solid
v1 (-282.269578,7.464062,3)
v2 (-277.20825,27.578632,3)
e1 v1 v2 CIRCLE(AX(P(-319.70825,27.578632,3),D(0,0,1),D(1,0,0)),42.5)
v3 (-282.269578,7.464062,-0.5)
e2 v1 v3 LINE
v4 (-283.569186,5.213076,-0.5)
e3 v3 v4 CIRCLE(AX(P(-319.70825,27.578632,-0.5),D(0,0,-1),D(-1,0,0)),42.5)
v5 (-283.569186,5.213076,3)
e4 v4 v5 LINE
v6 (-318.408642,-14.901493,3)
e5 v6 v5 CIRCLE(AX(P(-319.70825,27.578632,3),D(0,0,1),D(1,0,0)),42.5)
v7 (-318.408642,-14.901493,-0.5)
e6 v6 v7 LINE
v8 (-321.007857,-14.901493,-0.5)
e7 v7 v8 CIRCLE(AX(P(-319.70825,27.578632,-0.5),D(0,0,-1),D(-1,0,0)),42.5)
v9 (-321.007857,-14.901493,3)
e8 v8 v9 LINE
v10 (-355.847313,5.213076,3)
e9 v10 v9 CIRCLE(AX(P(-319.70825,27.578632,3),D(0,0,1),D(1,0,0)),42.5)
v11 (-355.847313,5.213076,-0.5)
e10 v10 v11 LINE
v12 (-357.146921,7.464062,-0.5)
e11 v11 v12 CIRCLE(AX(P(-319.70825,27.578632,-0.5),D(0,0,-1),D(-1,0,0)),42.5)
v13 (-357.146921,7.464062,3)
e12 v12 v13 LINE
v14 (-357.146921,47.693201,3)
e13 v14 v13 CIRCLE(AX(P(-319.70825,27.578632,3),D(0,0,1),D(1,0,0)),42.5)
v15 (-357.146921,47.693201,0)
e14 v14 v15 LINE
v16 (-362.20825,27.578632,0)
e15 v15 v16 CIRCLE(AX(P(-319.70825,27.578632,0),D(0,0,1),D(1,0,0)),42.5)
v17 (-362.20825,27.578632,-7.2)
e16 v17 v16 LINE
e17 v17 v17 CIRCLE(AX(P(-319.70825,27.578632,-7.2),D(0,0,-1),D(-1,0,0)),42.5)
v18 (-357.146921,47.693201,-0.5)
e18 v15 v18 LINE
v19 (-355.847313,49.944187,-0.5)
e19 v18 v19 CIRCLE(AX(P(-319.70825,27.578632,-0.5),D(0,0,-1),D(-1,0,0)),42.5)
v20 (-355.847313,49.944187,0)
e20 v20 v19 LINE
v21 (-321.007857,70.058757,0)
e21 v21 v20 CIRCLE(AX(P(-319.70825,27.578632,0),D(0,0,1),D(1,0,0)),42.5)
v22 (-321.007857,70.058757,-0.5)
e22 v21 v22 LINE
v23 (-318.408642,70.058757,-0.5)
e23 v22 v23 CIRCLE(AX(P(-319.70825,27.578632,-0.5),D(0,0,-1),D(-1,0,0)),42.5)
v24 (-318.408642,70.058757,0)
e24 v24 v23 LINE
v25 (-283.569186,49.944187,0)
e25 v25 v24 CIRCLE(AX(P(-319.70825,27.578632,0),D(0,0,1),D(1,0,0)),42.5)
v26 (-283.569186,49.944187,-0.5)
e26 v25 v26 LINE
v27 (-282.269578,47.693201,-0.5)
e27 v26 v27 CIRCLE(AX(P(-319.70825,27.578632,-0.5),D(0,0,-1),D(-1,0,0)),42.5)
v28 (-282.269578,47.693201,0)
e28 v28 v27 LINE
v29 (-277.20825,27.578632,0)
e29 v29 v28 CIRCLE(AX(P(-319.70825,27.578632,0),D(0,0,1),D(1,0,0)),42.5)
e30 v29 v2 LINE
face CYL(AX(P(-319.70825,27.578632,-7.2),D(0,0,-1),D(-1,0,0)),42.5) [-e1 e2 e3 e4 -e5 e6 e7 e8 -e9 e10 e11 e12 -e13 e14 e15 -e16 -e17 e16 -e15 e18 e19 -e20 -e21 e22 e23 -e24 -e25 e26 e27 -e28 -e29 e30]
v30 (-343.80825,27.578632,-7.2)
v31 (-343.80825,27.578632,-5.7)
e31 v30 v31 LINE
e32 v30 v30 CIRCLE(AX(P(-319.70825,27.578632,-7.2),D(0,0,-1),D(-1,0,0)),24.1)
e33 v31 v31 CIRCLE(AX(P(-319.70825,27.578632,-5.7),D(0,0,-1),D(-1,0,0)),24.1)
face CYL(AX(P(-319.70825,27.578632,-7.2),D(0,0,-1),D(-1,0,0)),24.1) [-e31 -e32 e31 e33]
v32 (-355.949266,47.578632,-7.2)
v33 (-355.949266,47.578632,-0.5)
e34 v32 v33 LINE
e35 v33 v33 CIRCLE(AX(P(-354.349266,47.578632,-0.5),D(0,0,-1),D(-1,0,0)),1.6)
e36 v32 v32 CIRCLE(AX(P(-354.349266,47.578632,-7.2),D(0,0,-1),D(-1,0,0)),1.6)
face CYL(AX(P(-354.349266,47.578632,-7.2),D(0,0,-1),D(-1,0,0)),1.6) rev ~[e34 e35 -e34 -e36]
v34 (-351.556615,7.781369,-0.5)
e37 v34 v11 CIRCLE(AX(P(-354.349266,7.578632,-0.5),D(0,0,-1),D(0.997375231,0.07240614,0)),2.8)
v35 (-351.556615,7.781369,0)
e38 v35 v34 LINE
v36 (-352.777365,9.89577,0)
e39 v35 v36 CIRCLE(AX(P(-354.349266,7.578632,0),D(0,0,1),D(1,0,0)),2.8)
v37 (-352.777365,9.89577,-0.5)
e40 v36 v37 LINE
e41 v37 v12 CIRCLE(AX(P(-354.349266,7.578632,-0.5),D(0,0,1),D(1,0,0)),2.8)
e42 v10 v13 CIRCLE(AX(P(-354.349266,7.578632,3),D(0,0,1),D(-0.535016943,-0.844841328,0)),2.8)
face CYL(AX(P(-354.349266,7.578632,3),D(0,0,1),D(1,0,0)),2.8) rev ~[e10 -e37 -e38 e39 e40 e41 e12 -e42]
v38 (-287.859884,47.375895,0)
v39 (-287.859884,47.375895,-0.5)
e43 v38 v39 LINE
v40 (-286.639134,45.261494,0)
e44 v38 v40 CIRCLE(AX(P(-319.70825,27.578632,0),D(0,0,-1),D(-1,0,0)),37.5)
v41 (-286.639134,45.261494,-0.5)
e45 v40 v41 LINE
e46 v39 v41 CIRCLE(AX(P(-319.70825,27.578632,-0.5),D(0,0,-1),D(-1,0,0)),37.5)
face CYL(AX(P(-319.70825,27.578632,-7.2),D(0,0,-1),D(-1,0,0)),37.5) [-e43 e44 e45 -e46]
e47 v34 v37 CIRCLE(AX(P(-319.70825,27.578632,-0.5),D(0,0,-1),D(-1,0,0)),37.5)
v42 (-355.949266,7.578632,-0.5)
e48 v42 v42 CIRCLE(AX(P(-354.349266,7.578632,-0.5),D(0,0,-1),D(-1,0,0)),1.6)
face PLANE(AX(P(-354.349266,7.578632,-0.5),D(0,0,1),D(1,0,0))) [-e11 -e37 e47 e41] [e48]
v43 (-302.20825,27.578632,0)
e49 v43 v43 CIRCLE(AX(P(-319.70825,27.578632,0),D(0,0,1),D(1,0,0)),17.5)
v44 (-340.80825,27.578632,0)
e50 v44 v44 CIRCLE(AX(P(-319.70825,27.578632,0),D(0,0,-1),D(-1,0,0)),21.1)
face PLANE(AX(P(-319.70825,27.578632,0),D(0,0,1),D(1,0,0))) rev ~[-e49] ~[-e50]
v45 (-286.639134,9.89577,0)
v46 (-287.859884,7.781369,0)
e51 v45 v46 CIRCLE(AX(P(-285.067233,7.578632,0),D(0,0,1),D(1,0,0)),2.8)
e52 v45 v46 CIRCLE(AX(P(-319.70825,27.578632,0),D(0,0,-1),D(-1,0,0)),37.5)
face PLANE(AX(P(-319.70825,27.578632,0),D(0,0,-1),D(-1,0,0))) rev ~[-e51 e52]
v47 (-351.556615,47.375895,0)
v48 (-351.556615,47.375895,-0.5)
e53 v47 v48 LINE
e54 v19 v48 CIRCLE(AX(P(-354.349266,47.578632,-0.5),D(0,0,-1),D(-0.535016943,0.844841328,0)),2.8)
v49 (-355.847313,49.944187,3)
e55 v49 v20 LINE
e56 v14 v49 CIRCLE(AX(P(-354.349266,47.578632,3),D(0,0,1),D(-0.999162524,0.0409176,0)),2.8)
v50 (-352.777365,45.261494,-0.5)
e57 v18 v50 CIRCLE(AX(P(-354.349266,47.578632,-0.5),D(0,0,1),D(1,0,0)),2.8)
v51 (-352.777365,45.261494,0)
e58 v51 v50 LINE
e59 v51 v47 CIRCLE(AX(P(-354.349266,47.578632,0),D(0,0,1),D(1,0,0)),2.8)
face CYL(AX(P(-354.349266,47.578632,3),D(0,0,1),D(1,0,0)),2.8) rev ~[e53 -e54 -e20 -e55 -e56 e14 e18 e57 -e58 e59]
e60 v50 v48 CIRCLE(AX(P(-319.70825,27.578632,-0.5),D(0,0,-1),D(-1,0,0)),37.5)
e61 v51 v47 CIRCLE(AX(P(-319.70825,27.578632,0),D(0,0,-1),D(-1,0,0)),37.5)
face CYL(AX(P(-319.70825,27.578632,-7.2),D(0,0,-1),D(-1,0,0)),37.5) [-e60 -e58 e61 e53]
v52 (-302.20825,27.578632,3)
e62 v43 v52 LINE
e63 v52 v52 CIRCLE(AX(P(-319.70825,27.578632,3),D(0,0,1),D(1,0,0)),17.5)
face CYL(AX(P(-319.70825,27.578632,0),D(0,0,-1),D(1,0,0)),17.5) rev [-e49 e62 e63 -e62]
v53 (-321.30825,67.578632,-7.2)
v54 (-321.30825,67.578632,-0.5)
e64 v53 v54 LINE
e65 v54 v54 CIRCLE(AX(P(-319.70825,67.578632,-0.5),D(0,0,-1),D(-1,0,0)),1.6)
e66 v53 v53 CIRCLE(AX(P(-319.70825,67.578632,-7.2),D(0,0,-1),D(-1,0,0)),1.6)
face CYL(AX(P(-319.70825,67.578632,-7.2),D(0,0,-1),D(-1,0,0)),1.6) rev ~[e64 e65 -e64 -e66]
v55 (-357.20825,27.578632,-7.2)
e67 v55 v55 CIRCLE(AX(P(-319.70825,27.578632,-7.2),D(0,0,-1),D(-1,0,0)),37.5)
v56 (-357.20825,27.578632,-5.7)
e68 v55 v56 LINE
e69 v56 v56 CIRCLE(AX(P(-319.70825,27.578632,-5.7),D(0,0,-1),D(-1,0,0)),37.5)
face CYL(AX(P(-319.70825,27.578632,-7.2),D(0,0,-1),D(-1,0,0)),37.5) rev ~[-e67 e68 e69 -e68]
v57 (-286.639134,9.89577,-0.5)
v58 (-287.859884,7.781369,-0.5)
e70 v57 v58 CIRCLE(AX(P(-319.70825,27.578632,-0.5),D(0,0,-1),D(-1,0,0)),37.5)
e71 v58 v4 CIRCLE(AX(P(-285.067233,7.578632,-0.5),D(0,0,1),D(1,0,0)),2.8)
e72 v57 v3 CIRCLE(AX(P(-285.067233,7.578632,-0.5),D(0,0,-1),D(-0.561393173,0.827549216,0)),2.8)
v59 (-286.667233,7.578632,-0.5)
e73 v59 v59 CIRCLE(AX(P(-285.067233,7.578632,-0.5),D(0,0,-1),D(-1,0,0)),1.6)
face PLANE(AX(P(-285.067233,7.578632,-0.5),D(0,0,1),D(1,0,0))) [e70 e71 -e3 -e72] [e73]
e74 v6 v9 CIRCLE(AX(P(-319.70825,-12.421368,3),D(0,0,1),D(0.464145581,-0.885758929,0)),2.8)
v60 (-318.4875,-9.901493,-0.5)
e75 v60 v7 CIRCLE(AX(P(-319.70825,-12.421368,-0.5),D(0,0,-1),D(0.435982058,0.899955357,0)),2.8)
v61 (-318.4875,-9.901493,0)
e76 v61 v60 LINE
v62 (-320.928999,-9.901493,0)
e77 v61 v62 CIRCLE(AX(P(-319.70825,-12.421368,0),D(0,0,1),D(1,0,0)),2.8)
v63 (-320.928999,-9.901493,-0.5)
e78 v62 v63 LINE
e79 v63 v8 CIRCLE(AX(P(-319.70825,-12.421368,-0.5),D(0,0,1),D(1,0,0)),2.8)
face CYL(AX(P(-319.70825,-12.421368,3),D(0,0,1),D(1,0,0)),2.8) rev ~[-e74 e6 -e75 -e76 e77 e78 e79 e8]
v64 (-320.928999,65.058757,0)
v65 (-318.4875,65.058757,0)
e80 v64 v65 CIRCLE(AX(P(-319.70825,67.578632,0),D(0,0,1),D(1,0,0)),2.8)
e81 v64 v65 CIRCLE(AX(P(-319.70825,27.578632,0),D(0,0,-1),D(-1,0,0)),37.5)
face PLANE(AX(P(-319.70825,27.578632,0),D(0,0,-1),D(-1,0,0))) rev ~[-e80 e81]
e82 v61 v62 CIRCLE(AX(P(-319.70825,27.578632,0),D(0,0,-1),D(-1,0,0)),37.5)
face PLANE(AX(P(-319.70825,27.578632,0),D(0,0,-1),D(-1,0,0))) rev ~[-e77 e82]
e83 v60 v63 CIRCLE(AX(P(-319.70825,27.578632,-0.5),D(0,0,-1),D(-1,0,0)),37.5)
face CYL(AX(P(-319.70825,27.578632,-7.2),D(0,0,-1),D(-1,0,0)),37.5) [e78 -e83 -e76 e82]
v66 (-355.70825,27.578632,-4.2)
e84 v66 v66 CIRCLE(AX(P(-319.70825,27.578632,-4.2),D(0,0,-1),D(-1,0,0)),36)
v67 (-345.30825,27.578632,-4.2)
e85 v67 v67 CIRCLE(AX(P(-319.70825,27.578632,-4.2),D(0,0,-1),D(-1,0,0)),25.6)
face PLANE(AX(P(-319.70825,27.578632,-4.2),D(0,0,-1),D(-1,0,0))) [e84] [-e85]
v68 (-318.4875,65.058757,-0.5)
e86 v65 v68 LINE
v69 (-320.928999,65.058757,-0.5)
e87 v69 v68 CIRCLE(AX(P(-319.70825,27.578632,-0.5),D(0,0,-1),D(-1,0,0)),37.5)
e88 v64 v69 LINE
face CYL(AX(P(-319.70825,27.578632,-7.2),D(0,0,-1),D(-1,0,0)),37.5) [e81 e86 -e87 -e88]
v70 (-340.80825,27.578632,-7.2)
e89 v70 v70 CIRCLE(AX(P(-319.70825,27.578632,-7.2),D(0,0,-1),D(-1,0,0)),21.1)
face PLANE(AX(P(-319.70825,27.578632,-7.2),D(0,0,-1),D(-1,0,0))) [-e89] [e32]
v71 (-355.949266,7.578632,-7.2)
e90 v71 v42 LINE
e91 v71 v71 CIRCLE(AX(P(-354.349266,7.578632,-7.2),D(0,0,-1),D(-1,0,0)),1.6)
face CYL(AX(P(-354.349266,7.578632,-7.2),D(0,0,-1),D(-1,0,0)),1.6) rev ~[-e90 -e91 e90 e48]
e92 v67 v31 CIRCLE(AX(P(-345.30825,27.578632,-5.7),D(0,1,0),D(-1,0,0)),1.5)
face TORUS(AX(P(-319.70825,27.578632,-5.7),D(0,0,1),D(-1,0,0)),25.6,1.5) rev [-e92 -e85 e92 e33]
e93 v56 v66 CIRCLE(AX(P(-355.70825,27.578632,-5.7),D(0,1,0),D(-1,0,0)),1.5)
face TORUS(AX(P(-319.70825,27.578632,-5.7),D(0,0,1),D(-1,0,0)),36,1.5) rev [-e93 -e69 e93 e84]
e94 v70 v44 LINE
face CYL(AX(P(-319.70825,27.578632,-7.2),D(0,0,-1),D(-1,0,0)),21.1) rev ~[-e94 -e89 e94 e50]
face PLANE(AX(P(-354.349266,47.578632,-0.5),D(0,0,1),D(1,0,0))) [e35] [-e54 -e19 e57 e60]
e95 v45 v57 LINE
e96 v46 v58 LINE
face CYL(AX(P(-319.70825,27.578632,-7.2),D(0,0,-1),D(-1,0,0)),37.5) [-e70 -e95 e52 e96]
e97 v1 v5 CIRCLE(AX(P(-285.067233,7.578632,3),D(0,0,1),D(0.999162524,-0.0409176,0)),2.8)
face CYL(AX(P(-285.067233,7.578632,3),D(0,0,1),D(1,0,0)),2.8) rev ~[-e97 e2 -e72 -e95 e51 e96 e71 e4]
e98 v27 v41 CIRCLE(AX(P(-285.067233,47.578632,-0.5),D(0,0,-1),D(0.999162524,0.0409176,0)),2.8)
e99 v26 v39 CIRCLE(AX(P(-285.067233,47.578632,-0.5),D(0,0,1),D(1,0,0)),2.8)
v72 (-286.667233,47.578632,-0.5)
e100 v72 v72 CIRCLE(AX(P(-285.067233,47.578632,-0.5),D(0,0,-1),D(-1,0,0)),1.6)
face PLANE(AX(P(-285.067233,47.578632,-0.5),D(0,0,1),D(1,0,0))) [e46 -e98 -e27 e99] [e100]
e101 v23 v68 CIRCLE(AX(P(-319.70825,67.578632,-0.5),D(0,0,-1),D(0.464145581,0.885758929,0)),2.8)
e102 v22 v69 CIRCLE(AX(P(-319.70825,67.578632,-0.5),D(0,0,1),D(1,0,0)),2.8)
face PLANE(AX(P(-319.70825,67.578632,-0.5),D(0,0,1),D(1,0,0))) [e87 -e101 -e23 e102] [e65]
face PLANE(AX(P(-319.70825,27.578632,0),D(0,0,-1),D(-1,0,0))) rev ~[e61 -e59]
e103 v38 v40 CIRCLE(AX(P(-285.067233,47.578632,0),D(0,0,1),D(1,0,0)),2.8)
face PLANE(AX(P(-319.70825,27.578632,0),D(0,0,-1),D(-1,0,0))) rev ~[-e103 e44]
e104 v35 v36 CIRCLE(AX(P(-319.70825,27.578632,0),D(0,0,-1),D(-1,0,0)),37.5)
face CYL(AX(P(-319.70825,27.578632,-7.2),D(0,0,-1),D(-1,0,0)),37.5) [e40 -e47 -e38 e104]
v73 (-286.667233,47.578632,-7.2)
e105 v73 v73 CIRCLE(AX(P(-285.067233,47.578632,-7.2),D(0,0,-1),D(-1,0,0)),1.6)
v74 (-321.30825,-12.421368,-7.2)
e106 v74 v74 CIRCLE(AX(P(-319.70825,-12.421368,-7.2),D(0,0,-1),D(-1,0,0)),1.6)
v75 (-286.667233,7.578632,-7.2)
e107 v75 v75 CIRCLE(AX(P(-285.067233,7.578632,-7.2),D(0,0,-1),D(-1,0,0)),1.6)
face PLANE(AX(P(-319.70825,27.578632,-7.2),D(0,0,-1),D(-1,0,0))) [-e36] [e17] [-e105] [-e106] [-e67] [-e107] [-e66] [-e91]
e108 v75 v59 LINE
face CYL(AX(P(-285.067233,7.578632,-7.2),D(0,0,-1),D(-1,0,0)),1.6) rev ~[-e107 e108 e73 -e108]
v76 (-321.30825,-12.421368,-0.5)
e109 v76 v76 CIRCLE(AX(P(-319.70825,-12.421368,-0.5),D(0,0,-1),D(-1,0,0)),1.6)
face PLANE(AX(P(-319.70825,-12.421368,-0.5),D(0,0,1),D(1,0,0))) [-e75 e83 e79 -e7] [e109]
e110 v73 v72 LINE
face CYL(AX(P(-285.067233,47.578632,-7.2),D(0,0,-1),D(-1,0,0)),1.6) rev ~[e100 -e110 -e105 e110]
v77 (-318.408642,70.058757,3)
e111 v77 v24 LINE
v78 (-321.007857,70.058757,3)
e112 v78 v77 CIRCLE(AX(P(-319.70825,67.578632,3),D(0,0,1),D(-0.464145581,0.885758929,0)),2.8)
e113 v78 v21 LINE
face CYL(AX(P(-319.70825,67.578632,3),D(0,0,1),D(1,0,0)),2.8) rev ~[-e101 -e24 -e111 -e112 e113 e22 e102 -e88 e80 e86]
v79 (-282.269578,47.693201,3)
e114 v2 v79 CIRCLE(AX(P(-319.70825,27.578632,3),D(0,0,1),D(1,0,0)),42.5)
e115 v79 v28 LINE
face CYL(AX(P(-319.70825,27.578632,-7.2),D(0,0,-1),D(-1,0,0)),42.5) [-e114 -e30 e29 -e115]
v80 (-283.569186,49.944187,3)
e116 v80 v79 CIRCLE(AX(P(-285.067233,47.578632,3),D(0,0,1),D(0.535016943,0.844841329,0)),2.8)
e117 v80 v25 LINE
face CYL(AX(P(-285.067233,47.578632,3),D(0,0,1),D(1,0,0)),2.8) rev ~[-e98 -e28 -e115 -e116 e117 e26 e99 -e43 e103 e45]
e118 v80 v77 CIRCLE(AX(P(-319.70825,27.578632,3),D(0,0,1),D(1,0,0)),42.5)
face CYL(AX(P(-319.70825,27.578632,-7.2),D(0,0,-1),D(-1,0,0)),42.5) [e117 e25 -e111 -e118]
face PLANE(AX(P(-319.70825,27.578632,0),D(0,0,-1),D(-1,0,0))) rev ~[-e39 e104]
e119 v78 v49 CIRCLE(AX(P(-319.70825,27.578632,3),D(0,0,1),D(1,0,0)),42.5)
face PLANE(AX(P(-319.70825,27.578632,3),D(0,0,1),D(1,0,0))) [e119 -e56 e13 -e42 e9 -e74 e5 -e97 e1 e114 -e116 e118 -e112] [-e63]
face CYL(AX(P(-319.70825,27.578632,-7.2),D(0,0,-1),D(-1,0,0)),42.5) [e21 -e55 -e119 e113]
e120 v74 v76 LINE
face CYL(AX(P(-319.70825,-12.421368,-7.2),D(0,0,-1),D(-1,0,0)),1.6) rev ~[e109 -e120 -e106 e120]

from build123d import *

# Parameters (mm, degrees)
SKETCH1_R           = 42.5
SKETCH1_R_2         = 1.6
SKETCH1_R_3         = 17.5
BOSS_EXTRUDE1_DEPTH = 3
BOSS_EXTRUDE3_START = 7.2
SKETCH2_R           = 42.5
SKETCH2_R_2         = 37.5
SKETCH2_R_3         = 1.6
SKETCH2_R_4         = 24.1
SKETCH2_R_5         = 21.1
BOSS_EXTRUDE3_DEPTH = 7.2
SKETCH3_R           = 2.8
CUT_EXTRUDE1_DEPTH  = 3.5
SKETCH4_R           = 37.5
SKETCH4_R_2         = 24.1
BOSS_EXTRUDE4_DEPTH = 7.2
SKETCH23_R          = 37.5
SKETCH23_R_2        = 24.1
CUT_EXTRUDE3_DEPTH  = 3
FILLET1_R           = 1.5


with BuildPart() as part:
    # Sketch1 → Boss-Extrude1 (new body)
    with BuildSketch(Plane.XY):
        with Locations((-319.708249559, 27.578631729)):
            Circle(SKETCH1_R)
        with Locations((-285.067233407, 47.578631729)):
            Circle(SKETCH1_R_2, mode=Mode.SUBTRACT)
        with Locations((-285.067233407, 7.578631729)):
            Circle(SKETCH1_R_2, mode=Mode.SUBTRACT)
        with Locations((-319.708249559, -12.421368271)):
            Circle(SKETCH1_R_2, mode=Mode.SUBTRACT)
        with Locations((-354.34926571, 7.578631729)):
            Circle(SKETCH1_R_2, mode=Mode.SUBTRACT)
        with Locations((-354.34926571, 47.578631729)):
            Circle(SKETCH1_R_2, mode=Mode.SUBTRACT)
        with Locations((-319.708249559, 67.578631729)):
            Circle(SKETCH1_R_2, mode=Mode.SUBTRACT)
        with Locations((-319.708249559, 27.578631729)):
            Circle(SKETCH1_R_3, mode=Mode.SUBTRACT)
    extrude(amount=BOSS_EXTRUDE1_DEPTH)

    # Sketch2 → Boss-Extrude3 (add)
    # profile 1 of 2: a face of its own
    with BuildSketch(Plane(origin=(0, 0, 0), x_dir=(-1, 0, 0), z_dir=(0, 0, -1)).offset(BOSS_EXTRUDE3_START)):
        with Locations((319.708249559, 27.578631729)):
            Circle(SKETCH2_R)
        with Locations((319.708249559, 27.578631729)):
            Circle(SKETCH2_R_2, mode=Mode.SUBTRACT)
        with Locations((285.067233407, 47.578631729)):
            Circle(SKETCH2_R_3, mode=Mode.SUBTRACT)
        with Locations((285.067233407, 7.578631729)):
            Circle(SKETCH2_R_3, mode=Mode.SUBTRACT)
        with Locations((354.34926571, 7.578631729)):
            Circle(SKETCH2_R_3, mode=Mode.SUBTRACT)
        with Locations((319.708249559, 67.578631729)):
            Circle(SKETCH2_R_3, mode=Mode.SUBTRACT)
        with Locations((354.34926571, 47.578631729)):
            Circle(SKETCH2_R_3, mode=Mode.SUBTRACT)
        with Locations((319.708249559, -12.421368271)):
            Circle(SKETCH2_R_3, mode=Mode.SUBTRACT)
    # profile 2 of 2: a face of its own
    with BuildSketch(Plane(origin=(0, 0, 0), x_dir=(-1, 0, 0), z_dir=(0, 0, -1)).offset(BOSS_EXTRUDE3_START)):
        with Locations(Location((319.708249559, 27.578631729, 0), (0, 0, 180))):
            Circle(SKETCH2_R_4)
        with Locations((319.708249559, 27.578631729)):
            Circle(SKETCH2_R_5, mode=Mode.SUBTRACT)
    extrude(amount=-BOSS_EXTRUDE3_DEPTH)

    # Sketch3 → Cut-Extrude1 (cut)
    with BuildSketch(Plane.XY.offset(3)):
        with Locations((-285.067233407, 47.578631729)):
            Circle(SKETCH3_R)
        with Locations((-285.067233407, 7.578631729)):
            Circle(SKETCH3_R)
        with Locations((-319.708249559, -12.421368271)):
            Circle(SKETCH3_R)
        with Locations((-354.34926571, 7.578631729)):
            Circle(SKETCH3_R)
        with Locations((-354.34926571, 47.578631729)):
            Circle(SKETCH3_R)
        with Locations((-319.708249559, 67.578631729)):
            Circle(SKETCH3_R)
    extrude(amount=-CUT_EXTRUDE1_DEPTH, mode=Mode.SUBTRACT)

    # Sketch4 → Boss-Extrude4 (add)
    with BuildSketch(Plane(origin=(0, 0, -7.2), x_dir=(-1, 0, 0), z_dir=(0, 0, -1))):
        with Locations((319.708249559, 27.578631729)):
            Circle(SKETCH4_R)
        with Locations((319.708249559, 27.578631729)):
            Circle(SKETCH4_R_2, mode=Mode.SUBTRACT)
    extrude(amount=-BOSS_EXTRUDE4_DEPTH)

    # Sketch23 → Cut-Extrude3 (cut)
    with BuildSketch(Plane(origin=(0, 0, -7.2), x_dir=(-1, 0, 0), z_dir=(0, 0, -1))):
        with Locations((319.708249559, 27.578631729)):
            Circle(SKETCH23_R)
        with Locations((319.708249559, 27.578631729)):
            Circle(SKETCH23_R_2, mode=Mode.SUBTRACT)
    extrude(amount=-CUT_EXTRUDE3_DEPTH, mode=Mode.SUBTRACT)

    # Fillet1
    fillet1_edges = [part.edges().sort_by_distance(p)[0] for p in [
        (-282.208249559, 27.578631729, -4.2),
        (-295.608249559, 27.578631729, -4.2),
    ]]
    fillet(fillet1_edges, radius=FILLET1_R)


solid = part.part
